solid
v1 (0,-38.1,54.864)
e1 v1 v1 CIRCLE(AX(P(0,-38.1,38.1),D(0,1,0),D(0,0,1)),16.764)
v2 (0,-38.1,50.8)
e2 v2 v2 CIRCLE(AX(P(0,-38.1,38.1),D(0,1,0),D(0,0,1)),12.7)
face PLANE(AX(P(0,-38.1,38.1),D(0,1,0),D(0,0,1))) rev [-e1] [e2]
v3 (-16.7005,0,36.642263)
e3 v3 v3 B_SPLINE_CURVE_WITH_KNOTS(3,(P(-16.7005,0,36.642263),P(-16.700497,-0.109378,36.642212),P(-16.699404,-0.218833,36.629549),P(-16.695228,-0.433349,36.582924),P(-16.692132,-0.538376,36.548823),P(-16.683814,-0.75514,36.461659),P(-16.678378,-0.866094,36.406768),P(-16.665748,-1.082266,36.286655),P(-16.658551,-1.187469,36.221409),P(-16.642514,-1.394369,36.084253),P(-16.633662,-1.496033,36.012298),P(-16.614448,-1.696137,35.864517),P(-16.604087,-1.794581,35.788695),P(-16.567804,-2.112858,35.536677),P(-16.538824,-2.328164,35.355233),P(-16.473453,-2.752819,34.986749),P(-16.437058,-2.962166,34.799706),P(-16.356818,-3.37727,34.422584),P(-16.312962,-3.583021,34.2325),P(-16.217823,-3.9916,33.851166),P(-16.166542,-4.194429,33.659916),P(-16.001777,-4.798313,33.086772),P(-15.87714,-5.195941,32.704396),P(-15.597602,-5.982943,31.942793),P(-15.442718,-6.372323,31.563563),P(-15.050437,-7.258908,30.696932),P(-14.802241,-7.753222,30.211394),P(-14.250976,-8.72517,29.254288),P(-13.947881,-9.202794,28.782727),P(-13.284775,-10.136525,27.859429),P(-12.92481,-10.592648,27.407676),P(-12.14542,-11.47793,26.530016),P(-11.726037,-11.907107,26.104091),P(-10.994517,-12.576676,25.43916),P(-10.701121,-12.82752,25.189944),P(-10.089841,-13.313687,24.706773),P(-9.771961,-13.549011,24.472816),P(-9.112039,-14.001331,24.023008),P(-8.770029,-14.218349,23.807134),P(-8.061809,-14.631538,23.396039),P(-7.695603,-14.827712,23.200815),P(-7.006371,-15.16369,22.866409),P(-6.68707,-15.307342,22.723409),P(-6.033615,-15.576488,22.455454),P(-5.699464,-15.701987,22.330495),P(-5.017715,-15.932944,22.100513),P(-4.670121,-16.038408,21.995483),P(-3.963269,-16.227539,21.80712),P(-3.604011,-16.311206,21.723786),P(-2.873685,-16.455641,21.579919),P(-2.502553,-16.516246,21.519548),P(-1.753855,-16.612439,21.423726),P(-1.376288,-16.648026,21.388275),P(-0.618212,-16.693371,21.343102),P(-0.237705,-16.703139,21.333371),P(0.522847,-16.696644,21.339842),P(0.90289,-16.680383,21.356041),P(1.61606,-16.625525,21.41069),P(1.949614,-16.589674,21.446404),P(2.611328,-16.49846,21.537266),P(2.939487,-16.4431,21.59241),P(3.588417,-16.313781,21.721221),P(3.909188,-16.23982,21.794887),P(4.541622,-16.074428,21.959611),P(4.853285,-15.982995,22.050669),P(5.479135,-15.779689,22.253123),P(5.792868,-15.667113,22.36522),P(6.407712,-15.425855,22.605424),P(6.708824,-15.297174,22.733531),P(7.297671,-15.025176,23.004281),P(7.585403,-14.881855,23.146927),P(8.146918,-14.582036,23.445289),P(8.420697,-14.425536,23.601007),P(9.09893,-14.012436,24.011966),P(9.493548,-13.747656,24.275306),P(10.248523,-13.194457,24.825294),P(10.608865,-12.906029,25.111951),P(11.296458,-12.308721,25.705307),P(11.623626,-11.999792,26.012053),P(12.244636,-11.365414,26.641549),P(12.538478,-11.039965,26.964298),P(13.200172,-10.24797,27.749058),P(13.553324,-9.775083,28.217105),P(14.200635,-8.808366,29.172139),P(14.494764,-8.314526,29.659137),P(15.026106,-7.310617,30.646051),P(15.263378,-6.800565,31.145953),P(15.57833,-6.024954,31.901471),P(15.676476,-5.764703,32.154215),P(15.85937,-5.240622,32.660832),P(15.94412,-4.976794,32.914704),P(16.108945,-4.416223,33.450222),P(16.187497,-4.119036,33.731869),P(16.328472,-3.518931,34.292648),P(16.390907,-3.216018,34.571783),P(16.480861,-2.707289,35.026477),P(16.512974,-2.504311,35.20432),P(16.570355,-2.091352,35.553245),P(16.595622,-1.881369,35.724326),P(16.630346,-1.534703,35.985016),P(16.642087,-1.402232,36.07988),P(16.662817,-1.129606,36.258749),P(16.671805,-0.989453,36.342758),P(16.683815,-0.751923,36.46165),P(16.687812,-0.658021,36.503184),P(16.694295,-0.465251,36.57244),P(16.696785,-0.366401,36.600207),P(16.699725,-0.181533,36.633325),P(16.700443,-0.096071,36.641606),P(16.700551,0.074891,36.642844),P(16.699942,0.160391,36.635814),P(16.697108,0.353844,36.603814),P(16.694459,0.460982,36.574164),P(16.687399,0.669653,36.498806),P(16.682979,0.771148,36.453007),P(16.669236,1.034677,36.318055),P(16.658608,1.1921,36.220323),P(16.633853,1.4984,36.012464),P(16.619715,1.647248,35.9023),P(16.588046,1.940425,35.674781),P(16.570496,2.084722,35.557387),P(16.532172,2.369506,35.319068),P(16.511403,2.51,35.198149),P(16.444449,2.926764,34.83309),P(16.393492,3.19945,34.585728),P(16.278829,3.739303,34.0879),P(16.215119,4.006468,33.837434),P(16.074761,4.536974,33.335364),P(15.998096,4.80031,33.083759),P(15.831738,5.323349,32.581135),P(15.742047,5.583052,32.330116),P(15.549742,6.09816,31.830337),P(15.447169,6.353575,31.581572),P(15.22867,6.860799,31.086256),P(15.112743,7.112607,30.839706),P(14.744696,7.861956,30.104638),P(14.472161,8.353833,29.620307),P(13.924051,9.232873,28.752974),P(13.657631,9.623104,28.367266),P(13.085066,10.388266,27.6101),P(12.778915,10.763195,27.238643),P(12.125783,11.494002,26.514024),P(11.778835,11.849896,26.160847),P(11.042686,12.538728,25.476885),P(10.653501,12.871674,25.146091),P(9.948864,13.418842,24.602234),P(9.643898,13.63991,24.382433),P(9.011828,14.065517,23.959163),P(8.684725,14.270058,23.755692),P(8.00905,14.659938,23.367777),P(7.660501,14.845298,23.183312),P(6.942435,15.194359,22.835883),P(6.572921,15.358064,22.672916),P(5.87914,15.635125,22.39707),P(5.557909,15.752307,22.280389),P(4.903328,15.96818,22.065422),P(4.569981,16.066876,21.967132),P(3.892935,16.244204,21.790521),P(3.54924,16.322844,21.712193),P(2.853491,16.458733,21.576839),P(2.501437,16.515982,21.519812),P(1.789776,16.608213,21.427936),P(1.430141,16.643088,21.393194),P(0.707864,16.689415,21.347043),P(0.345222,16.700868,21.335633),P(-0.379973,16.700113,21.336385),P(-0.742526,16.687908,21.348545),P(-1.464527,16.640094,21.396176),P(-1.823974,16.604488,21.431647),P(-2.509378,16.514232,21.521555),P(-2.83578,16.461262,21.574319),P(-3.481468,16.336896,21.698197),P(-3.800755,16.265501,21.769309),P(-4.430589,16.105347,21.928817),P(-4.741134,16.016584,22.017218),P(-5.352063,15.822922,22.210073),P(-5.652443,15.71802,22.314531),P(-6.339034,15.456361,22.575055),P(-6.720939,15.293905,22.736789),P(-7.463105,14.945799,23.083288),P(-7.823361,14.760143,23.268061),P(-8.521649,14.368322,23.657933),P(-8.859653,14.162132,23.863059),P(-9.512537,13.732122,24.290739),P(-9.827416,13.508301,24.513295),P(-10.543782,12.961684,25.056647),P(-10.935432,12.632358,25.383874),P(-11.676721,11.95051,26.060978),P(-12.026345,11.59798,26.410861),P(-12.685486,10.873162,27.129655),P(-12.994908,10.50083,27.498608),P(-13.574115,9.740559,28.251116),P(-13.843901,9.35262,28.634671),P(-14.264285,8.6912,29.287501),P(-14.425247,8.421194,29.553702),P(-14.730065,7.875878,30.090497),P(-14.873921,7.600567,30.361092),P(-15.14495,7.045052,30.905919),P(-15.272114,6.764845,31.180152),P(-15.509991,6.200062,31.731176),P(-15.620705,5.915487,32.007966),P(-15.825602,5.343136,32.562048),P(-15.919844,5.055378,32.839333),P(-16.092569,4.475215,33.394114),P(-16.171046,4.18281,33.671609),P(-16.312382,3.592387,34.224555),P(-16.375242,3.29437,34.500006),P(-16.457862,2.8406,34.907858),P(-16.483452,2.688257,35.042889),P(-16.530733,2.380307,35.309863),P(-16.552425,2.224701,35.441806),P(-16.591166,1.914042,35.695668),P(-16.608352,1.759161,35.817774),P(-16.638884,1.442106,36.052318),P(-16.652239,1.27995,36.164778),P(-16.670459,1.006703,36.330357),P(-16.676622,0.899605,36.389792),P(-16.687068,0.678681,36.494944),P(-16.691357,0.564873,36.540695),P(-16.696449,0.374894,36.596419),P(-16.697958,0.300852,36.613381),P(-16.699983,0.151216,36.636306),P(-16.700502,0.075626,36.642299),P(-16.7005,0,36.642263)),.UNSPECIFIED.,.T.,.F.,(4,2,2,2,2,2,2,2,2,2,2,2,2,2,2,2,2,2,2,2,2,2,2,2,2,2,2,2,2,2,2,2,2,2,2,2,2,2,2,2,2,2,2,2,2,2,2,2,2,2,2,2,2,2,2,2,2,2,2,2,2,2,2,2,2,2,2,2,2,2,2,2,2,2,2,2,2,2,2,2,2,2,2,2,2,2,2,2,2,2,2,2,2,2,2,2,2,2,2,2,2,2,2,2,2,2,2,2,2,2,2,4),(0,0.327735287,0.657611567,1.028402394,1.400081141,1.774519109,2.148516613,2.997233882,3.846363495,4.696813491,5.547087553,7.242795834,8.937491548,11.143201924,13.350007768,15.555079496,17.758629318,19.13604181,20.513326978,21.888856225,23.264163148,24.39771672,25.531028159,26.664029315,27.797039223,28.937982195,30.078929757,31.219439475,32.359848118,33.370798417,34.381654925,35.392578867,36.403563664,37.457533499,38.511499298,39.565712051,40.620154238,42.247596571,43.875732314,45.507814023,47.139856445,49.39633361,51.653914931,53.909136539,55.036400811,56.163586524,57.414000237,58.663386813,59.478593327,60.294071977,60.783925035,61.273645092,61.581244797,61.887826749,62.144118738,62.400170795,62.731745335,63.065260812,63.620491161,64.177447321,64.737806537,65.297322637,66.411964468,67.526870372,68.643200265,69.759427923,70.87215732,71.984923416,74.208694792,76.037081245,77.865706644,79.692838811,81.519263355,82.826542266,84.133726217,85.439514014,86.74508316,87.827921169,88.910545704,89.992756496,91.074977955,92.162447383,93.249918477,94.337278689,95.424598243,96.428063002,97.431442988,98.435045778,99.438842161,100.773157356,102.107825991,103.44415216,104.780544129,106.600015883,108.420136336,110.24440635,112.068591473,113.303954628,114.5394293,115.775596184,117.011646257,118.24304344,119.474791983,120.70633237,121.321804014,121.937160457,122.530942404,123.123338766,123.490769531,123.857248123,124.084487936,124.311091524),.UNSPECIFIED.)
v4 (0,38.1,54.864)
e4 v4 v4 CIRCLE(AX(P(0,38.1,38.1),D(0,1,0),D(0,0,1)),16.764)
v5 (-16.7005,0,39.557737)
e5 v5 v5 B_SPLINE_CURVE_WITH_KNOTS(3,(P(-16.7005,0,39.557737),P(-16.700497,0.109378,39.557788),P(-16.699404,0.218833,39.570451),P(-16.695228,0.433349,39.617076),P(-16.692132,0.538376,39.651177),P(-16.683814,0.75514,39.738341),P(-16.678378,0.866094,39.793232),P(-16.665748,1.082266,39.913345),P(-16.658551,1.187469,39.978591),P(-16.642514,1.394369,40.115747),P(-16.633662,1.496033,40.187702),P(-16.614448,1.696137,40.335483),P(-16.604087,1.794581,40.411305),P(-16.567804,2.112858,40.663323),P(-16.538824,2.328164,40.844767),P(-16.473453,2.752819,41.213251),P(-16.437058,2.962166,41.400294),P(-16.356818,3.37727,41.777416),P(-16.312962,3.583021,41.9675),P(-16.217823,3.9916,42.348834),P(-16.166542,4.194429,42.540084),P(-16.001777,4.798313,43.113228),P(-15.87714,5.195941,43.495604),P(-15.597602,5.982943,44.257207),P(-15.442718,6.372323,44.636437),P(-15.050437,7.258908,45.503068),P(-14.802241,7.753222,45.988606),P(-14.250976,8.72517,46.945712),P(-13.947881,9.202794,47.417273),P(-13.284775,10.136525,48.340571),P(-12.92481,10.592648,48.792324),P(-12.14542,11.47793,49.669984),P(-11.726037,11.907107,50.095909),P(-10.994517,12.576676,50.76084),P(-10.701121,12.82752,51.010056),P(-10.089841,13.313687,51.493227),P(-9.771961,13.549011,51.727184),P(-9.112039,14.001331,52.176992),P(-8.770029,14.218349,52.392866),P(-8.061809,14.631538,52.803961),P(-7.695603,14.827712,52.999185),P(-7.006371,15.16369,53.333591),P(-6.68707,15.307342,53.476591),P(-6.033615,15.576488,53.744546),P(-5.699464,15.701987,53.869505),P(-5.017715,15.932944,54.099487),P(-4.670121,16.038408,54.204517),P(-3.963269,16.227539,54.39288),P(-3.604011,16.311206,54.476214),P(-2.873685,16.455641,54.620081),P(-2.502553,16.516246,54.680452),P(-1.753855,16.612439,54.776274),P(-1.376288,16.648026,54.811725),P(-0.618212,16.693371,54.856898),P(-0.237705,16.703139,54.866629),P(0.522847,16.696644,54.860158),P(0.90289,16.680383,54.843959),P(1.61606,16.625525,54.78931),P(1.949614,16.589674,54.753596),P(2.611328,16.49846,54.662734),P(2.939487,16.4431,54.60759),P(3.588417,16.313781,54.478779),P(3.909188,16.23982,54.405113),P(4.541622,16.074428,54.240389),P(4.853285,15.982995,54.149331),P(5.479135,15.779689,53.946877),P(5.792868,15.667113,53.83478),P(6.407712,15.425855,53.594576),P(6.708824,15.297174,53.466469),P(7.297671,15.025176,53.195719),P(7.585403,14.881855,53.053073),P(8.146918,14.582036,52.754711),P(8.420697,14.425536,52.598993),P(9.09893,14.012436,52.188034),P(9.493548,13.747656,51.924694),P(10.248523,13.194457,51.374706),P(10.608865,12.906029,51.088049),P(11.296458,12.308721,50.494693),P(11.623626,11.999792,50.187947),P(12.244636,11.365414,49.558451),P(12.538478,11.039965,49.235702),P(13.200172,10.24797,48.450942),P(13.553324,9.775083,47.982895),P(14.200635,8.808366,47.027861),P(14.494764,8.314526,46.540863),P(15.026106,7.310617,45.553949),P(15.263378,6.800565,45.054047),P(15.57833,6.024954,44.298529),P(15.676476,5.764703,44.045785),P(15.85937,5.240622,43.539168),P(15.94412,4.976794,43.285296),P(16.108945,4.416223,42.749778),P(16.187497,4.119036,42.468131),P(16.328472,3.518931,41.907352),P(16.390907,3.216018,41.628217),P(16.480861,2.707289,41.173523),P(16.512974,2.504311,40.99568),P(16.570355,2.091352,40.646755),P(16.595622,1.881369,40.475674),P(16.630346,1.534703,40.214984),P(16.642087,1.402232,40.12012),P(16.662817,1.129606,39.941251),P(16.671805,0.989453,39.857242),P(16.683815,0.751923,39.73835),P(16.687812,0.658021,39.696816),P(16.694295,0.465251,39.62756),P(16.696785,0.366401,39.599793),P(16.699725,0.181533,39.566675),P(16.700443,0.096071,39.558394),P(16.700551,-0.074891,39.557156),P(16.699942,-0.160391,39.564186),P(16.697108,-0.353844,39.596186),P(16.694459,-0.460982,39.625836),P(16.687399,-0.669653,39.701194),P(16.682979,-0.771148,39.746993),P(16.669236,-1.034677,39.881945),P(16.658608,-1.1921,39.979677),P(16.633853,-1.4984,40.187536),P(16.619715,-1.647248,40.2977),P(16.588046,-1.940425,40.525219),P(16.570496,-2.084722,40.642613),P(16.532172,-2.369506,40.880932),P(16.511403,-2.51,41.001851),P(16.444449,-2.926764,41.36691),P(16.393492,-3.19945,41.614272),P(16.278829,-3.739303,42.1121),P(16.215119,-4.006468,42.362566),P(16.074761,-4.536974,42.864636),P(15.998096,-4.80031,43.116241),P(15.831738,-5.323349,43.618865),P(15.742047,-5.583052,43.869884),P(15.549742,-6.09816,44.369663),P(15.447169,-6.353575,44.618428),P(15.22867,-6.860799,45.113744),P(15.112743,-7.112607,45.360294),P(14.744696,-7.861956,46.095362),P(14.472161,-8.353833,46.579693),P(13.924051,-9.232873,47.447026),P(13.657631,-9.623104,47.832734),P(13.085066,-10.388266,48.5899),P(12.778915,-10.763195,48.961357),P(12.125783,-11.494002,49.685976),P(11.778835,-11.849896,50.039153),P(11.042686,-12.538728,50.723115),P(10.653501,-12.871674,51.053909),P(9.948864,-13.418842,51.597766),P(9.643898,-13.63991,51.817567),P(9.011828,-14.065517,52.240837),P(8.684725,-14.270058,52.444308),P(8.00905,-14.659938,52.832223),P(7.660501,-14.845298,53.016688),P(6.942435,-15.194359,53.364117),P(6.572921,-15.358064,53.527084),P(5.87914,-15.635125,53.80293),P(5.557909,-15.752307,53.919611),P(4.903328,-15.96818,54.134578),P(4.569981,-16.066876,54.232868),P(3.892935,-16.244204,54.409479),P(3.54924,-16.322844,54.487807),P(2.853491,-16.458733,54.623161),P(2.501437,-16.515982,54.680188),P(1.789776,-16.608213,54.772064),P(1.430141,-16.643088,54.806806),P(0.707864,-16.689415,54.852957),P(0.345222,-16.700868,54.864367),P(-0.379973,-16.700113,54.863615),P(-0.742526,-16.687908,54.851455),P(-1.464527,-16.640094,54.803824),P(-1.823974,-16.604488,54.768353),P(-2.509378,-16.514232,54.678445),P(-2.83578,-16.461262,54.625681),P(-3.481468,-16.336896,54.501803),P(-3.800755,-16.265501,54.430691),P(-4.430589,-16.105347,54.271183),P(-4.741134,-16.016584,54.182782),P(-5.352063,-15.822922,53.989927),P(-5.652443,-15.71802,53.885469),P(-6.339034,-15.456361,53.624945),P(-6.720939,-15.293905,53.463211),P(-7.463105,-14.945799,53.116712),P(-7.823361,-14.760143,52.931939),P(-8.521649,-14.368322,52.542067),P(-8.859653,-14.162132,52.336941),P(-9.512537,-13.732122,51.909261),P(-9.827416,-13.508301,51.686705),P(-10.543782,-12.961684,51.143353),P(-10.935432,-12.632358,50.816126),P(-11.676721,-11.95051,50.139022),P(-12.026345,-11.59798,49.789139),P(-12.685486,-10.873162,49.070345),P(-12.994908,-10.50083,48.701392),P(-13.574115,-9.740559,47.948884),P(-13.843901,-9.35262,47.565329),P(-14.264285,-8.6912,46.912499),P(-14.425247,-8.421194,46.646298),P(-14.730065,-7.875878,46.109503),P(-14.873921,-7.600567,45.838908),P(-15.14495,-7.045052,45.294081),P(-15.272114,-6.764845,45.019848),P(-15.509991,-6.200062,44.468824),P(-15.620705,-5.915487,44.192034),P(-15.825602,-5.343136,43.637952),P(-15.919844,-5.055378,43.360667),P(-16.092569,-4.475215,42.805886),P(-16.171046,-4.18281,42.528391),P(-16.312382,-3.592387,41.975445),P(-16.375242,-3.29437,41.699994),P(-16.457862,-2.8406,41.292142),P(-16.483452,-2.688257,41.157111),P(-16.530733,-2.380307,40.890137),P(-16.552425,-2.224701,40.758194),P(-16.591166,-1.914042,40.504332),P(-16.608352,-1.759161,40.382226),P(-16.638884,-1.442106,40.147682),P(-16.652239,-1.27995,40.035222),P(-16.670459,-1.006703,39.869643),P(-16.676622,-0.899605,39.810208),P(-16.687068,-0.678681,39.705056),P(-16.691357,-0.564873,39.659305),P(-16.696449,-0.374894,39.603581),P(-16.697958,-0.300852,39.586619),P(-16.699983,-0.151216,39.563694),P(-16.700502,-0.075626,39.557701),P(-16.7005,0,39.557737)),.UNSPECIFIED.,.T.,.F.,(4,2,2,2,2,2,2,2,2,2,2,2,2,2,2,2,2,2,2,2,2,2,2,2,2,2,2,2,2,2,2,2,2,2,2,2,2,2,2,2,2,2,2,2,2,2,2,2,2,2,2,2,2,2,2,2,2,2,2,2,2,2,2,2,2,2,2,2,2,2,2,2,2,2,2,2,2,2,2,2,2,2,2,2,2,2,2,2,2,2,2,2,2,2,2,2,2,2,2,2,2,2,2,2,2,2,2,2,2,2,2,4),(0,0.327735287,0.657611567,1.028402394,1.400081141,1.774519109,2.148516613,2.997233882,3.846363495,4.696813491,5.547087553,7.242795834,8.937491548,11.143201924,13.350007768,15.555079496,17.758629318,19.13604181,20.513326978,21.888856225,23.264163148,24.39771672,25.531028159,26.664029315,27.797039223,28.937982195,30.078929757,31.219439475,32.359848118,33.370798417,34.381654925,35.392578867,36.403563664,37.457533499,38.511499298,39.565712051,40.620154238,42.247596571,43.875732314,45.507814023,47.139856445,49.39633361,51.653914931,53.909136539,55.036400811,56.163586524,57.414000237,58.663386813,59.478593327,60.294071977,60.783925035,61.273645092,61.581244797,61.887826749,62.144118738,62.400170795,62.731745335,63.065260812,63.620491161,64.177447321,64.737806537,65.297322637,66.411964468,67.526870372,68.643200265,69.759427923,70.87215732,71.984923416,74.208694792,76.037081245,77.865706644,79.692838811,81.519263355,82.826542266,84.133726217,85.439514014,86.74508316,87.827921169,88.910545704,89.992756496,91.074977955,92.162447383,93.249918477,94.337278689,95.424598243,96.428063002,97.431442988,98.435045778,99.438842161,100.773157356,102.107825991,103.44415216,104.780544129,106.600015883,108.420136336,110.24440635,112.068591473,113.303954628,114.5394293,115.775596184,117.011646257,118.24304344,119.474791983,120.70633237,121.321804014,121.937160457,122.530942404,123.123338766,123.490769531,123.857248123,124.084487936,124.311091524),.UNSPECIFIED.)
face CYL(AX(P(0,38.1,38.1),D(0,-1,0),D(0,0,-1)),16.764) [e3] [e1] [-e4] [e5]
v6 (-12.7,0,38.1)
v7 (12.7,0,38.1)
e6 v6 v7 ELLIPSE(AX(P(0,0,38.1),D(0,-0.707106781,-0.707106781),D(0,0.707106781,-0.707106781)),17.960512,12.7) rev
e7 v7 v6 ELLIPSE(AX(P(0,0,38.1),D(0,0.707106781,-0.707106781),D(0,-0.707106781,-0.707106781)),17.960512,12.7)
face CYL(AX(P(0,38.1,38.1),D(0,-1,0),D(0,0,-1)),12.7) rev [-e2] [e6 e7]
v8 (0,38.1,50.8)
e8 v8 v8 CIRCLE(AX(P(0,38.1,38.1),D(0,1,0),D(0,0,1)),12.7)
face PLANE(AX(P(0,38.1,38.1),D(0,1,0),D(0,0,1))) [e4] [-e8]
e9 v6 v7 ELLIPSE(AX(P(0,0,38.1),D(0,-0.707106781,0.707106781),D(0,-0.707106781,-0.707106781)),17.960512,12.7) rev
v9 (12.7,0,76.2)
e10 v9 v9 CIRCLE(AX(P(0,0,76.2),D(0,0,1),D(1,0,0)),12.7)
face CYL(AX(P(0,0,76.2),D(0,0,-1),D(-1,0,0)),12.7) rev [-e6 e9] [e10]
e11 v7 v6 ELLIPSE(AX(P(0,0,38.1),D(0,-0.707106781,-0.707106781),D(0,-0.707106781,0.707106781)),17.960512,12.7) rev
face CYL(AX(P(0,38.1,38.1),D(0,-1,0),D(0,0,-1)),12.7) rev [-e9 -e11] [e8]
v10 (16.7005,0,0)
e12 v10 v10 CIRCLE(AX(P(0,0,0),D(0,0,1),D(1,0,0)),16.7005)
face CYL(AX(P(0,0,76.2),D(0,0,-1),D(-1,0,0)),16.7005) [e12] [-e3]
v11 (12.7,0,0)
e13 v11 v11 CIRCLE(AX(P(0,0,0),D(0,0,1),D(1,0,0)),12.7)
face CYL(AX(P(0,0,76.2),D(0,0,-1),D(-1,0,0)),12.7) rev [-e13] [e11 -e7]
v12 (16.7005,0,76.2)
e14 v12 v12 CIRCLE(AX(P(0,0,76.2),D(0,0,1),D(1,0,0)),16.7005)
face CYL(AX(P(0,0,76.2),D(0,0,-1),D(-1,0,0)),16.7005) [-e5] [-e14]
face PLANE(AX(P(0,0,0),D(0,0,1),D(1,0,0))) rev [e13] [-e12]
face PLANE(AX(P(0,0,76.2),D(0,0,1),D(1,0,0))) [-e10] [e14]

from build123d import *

# Parameters (mm, degrees)
SKETCH1_R               = 16.7005
SKETCH1_R_2             = 12.7
BOSS_EXTRUDE1_DEPTH     = 76.2
SKETCH2_R               = 16.764
SKETCH2_R_2             = 12.7
BOSS_EXTRUDE2_DEPTH     = 38.1
CUT_EXTRUDE3_REACH      = 78.2
SKETCH5_R               = 12.7
SKETCH6_R               = 12.7
CUT_EXTRUDE4_DEPTH      = 1.0000001
CUT_EXTRUDE4_DEPTH_BACK = 77.2000001
SKETCH7_R               = 12.7
CUT_EXTRUDE5_DEPTH      = 77.2000001


with BuildPart() as part:
    # Sketch1 → Boss-Extrude1 (new body)
    with BuildSketch(Plane.XY):
        Circle(SKETCH1_R)
        Circle(SKETCH1_R_2, mode=Mode.SUBTRACT)
    extrude(amount=BOSS_EXTRUDE1_DEPTH)

    # Sketch2 → Boss-Extrude2 (add, symmetric)
    with BuildSketch(Plane(origin=(0, 0, 0), x_dir=(1, 0, 0), z_dir=(0, 1, 0))):
        with Locations((0, -38.1)):
            Circle(SKETCH2_R)
        with Locations((0, -38.1)):
            Circle(SKETCH2_R_2, mode=Mode.SUBTRACT)
    extrude(amount=BOSS_EXTRUDE2_DEPTH, both=True)

    # Sketch5 → Cut-Extrude3 (cut, up to next)
    with BuildSketch(Plane(origin=(0, 38.1, 0), x_dir=(1, 0, 0), z_dir=(0, 1, 0)), mode=Mode.PRIVATE) as cut_extrude3_sk1:
        with Locations((0, -38.1)):
            Circle(SKETCH5_R)
    cut_extrude3_tool1 = extrude(cut_extrude3_sk1.sketch, amount=-CUT_EXTRUDE3_REACH, mode=Mode.PRIVATE) & part.part
    add(cut_extrude3_tool1.solids().sort_by_distance((0, 38.1, 38.1))[0], mode=Mode.SUBTRACT)

    # Sketch6 → Cut-Extrude4 (cut, two sides)
    with BuildSketch(Plane(origin=(0, 0, 0), x_dir=(-1, 0, 0), z_dir=(0, 0, -1))) as cut_extrude4_sk:
        Circle(SKETCH6_R)
    extrude(amount=CUT_EXTRUDE4_DEPTH, mode=Mode.SUBTRACT)
    extrude(cut_extrude4_sk.sketch, amount=-CUT_EXTRUDE4_DEPTH_BACK, mode=Mode.SUBTRACT)

    # Sketch7 → Cut-Extrude5 (cut, through all)
    with BuildSketch(Plane.XZ.offset(38.1)):
        with Locations((0, 38.1)):
            Circle(SKETCH7_R)
    extrude(amount=-CUT_EXTRUDE5_DEPTH, mode=Mode.SUBTRACT)


solid = part.part
